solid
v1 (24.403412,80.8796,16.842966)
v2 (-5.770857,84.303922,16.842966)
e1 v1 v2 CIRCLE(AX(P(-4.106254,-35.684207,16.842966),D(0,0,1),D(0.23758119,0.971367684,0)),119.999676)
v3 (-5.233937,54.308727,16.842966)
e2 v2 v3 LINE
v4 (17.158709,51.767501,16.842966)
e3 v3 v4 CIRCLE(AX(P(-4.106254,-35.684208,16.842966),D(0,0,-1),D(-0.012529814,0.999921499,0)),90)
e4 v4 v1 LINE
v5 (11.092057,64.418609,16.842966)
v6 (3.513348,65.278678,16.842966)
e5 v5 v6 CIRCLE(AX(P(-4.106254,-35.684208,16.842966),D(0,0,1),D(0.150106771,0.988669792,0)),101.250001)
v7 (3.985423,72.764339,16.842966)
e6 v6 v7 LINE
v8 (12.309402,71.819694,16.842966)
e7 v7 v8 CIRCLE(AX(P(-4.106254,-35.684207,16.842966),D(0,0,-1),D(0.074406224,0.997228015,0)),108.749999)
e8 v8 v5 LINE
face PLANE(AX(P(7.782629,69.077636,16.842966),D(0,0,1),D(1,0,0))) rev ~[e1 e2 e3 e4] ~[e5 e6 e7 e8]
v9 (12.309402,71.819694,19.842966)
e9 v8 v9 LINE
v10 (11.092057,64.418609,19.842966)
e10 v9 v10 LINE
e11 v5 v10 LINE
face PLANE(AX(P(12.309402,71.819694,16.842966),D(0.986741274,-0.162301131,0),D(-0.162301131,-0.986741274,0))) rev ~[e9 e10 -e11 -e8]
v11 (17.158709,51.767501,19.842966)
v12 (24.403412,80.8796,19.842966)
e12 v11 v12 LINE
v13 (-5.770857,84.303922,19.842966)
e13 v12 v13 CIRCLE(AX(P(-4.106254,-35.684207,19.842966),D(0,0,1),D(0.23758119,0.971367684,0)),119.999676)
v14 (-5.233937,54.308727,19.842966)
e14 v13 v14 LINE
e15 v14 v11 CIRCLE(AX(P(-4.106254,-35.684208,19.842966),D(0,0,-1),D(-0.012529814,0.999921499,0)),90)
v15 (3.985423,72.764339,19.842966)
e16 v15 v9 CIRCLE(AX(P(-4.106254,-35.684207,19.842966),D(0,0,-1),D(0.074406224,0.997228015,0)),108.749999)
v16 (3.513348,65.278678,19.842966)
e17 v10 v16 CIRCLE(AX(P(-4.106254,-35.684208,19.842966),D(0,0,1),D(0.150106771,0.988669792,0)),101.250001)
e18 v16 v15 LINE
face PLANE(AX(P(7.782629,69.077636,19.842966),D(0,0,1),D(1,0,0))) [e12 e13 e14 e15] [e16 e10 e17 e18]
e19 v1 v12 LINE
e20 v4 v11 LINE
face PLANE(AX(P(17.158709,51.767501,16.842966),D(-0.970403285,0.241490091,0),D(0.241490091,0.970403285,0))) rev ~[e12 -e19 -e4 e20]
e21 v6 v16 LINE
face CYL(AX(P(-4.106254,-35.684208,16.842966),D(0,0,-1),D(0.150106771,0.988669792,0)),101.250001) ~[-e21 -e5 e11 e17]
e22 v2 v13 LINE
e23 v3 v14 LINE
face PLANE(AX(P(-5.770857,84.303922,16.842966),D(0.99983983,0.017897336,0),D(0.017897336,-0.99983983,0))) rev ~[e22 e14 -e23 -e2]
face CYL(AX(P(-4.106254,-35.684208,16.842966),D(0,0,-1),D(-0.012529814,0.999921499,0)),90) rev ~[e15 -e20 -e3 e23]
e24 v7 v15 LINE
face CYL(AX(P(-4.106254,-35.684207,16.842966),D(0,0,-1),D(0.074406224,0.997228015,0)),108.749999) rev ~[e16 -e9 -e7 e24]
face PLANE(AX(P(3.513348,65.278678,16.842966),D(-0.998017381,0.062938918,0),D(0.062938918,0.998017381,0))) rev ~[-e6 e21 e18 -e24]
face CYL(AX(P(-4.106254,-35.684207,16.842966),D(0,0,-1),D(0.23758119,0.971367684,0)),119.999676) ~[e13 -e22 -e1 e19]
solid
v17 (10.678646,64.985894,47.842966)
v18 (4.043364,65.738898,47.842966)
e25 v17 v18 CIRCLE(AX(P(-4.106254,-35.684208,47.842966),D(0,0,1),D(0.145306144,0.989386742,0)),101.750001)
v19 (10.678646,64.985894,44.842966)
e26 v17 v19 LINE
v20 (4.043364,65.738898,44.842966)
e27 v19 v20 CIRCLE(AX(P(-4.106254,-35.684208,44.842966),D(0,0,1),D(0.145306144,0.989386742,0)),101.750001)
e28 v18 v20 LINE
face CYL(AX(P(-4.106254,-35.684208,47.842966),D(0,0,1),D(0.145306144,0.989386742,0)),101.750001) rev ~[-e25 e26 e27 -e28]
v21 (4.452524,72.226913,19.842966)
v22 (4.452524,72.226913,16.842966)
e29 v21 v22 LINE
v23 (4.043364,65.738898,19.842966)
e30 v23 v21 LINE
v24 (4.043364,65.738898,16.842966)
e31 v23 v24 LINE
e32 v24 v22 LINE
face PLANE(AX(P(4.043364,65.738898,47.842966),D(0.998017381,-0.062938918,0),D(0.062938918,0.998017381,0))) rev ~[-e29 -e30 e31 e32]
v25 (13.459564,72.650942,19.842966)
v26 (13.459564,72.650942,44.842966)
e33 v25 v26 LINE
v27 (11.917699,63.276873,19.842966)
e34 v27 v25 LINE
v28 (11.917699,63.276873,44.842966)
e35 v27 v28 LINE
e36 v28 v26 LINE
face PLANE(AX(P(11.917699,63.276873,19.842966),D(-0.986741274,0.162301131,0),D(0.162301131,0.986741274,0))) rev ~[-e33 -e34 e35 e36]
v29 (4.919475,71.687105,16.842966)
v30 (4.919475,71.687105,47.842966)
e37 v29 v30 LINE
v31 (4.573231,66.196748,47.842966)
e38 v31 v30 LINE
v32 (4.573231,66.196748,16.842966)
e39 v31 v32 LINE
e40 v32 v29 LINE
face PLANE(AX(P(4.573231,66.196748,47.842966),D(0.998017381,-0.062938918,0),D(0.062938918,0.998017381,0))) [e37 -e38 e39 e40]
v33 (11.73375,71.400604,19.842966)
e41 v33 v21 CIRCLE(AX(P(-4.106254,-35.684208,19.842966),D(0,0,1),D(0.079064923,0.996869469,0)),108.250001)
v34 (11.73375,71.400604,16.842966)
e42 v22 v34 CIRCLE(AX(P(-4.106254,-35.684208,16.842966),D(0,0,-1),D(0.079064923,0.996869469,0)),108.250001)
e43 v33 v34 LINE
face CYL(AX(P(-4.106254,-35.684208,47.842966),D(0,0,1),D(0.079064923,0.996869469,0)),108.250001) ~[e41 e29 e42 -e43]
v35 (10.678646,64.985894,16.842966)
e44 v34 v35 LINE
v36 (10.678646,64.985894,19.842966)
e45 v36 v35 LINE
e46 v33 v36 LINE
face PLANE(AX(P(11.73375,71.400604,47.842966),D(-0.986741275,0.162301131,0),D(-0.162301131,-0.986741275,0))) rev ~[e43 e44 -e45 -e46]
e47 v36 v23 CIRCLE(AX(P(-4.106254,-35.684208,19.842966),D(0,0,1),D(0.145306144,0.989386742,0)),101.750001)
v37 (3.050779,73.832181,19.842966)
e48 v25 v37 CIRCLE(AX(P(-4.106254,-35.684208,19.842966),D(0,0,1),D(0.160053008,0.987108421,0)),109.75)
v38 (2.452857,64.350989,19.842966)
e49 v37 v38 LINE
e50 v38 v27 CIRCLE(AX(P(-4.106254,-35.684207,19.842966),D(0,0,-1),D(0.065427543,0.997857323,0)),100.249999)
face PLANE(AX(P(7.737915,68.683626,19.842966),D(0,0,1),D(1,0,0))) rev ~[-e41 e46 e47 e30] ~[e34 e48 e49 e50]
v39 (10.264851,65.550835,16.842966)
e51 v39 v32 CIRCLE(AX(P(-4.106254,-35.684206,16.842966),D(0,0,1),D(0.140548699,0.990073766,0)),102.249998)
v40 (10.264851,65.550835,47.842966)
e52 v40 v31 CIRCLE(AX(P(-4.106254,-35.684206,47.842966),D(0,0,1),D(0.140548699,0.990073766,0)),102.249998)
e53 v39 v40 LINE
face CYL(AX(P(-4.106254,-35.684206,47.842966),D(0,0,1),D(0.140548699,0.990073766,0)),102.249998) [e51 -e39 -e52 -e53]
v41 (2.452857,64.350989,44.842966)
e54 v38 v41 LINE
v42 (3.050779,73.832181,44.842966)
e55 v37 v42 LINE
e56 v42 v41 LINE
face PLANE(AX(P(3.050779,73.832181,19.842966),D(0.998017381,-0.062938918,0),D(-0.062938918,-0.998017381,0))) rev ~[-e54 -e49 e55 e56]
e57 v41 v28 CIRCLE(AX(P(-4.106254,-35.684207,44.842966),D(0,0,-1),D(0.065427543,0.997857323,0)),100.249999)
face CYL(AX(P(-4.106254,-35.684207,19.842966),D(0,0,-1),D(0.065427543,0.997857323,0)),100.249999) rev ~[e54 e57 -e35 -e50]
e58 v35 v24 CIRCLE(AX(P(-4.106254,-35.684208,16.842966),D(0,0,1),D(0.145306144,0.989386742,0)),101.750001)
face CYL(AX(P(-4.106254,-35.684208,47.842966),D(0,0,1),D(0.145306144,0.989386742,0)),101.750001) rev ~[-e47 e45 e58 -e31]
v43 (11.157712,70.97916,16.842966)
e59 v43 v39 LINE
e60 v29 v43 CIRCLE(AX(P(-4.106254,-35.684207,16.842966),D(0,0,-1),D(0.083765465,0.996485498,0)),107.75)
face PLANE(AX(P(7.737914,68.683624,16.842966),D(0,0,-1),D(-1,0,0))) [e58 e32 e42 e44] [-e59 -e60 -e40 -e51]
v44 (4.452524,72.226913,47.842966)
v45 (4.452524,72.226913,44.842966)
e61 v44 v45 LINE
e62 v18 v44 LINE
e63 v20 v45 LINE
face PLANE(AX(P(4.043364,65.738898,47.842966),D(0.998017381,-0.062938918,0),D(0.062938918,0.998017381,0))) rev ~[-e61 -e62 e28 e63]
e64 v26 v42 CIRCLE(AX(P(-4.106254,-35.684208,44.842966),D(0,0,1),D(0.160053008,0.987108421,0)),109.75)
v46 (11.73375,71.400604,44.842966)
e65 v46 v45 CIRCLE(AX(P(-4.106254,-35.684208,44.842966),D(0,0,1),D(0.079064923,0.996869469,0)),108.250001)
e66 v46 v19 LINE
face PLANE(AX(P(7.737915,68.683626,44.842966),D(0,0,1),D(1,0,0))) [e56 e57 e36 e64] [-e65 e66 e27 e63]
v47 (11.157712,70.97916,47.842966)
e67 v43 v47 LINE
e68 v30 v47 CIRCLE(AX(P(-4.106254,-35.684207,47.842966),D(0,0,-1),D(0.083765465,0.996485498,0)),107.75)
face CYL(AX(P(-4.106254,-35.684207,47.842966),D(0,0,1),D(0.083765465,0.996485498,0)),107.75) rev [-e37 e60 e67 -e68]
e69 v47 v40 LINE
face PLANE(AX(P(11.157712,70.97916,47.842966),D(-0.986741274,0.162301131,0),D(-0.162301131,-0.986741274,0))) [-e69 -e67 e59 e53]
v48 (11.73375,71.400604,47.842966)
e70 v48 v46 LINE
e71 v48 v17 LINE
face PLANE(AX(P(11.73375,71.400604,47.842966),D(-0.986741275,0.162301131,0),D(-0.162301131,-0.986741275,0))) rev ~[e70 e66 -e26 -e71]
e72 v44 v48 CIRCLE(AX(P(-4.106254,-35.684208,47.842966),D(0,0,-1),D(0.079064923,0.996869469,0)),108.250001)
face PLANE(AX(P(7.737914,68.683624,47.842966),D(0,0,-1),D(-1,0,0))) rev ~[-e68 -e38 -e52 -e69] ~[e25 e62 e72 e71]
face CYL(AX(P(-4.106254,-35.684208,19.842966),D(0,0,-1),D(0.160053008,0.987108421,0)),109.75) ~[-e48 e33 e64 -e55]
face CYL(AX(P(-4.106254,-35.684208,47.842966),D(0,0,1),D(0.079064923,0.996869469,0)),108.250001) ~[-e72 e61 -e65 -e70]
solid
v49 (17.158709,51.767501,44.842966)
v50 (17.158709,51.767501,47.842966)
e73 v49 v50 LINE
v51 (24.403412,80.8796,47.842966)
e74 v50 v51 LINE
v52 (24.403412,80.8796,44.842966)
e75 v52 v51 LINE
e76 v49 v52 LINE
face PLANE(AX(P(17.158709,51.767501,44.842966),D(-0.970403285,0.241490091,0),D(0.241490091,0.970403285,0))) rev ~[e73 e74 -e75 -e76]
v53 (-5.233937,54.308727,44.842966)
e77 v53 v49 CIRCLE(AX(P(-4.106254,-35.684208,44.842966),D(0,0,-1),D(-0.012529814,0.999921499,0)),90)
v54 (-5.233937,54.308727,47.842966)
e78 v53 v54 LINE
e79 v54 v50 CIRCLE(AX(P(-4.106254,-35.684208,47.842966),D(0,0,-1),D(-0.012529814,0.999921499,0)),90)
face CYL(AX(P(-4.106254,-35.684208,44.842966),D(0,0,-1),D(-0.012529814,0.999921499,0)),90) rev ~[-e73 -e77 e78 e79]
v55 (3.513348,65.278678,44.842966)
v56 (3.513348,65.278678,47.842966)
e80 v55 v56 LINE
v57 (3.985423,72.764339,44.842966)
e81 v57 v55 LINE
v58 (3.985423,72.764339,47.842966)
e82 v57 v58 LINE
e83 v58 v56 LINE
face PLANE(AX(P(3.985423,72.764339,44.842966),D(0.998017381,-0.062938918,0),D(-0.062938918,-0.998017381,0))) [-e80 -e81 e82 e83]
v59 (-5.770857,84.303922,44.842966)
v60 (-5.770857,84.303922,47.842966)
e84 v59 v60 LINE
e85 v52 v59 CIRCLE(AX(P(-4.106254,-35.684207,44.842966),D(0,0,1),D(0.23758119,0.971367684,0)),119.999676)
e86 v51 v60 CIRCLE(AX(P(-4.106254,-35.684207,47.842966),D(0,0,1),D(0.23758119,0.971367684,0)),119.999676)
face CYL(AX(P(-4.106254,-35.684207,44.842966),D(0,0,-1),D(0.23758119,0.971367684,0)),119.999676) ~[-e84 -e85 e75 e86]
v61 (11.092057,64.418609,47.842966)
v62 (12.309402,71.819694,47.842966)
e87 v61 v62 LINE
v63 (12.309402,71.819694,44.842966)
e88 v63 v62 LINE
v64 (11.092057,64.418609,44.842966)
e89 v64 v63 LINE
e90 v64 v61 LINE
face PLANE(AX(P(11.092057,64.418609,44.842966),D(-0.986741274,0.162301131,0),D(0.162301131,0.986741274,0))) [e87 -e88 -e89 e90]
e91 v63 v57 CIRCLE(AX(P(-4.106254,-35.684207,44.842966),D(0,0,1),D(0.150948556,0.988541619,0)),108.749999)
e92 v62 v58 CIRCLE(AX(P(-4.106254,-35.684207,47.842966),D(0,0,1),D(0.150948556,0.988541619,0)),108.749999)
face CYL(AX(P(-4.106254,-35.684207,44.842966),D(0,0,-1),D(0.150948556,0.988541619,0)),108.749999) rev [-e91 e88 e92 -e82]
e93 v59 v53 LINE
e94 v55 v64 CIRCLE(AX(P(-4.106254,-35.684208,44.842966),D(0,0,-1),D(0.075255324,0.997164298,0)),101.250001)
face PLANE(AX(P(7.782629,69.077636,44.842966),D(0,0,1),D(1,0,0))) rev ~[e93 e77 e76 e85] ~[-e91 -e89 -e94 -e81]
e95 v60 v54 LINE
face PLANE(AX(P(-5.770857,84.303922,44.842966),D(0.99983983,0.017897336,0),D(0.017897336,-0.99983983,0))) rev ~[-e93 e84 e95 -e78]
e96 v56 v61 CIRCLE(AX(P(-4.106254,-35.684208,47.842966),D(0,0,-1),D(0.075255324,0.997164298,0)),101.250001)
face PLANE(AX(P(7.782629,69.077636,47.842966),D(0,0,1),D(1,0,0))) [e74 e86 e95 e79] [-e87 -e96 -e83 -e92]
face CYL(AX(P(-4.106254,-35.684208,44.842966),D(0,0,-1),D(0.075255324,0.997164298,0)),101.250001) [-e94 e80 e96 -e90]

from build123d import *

# Parameters (mm, degrees)
BOSS_EXTRUDE1_START      = 0.1
BOSS_EXTRUDE1_DEPTH      = 3
EXTRUDE_THIN1_DEPTH      = 25
BOSS_EXTRUDE2_DEPTH      = 3
BOSS_EXTRUDE3_DEPTH      = 25
BOSS_EXTRUDE4_DEPTH      = 3
BOSS_EXTRUDE4_DEPTH_BACK = 28


with BuildPart() as part:
    # Sketch1 → Boss-Extrude1 (new body)
    with BuildSketch(Plane.XY.offset(16.7429656).offset(BOSS_EXTRUDE1_START)):
        with BuildLine():
            Line((-5.770857241, 84.303922359), (-5.233937167, 54.308727464))
            ThreePointArc((-5.233937167, 54.308727464), (6.042241893, 53.741784506), (17.158709141, 51.767501232))
            Line((17.158709141, 51.767501232), (24.403411874, 80.879599787))
            ThreePointArc((24.403411874, 80.879599787), (9.425037263, 83.550126361), (-5.770857241, 84.303922359))
        make_face()
        with BuildLine():
            Line((12.309401555, 71.819693694), (11.092056694, 64.418608994))
            ThreePointArc((11.092056694, 64.418608994), (7.310803865, 64.920033498), (3.513347634, 65.278677697))
            Line((3.513347634, 65.278677697), (3.985423015, 72.764339196))
            ThreePointArc((3.985423015, 72.764339196), (8.156511847, 72.372199493), (12.309401555, 71.819693694))
        make_face(mode=Mode.SUBTRACT)
    extrude(amount=BOSS_EXTRUDE1_DEPTH)


with BuildPart() as body_2:
    # Sketch2 → Extrude-Thin1 (new body)
    with BuildSketch(Plane.XY.offset(19.8429656)):
        with BuildLine():
            Line((3.050778794, 73.832181223), (2.452857374, 64.350989175))
            ThreePointArc((2.452857374, 64.350989175), (7.198042801, 63.926411366), (11.917698616, 63.276873034))
            Line((11.917698616, 63.276873034), (13.459563743, 72.650941767))
            ThreePointArc((13.459563743, 72.650941767), (8.269272911, 73.365821625), (3.050778794, 73.832181223))
        make_face()
        with BuildLine():
            Line((3.985423015, 72.764339196), (3.513347634, 65.278677697))
            ThreePointArc((3.513347634, 65.278677697), (7.310803865, 64.920033498), (11.092056694, 64.418608994))
            Line((11.092056694, 64.418608994), (12.309401555, 71.819693694))
            ThreePointArc((12.309401555, 71.819693694), (8.156511847, 72.372199493), (3.985423015, 72.764339196))
        make_face(mode=Mode.SUBTRACT)
    extrude(amount=EXTRUDE_THIN1_DEPTH)

    # Sketch4 → Boss-Extrude3 (add)
    with BuildSketch(Plane(origin=(0, 0, 19.8429656), x_dir=(-1, 0, 0), z_dir=(0, 0, -1))):
        with BuildLine():
            Line((-3.985423015, 72.764339196), (-3.513347634, 65.278677697))
            ThreePointArc((-3.513347634, 65.278677697), (-7.310803865, 64.920033498), (-11.092056694, 64.418608994))
            Line((-11.092056694, 64.418608994), (-12.309401555, 71.819693694))
            ThreePointArc((-12.309401555, 71.819693694), (-8.156511847, 72.372199493), (-3.985423015, 72.764339196))
        make_face()
        with BuildLine():
            Line((-4.573231318, 66.196747792), (-4.919474926, 71.687104939))
            ThreePointArc((-4.919474926, 71.687104939), (-8.043750783, 71.37857736), (-11.15771197, 70.979159509))
            Line((-11.15771197, 70.979159509), (-10.26485059, 65.550835201))
            ThreePointArc((-10.26485059, 65.550835201), (-7.42356493, 65.913655631), (-4.573231318, 66.196747792))
        make_face(mode=Mode.SUBTRACT)
    extrude(amount=-BOSS_EXTRUDE3_DEPTH)

    # Sketch5 → Boss-Extrude4 (add, two sides: drawn at the far end of the back side and taken through both)
    with BuildSketch(Plane(origin=(0, 0, 19.8429656), x_dir=(-1, 0, 0), z_dir=(0, 0, -1)).offset(-BOSS_EXTRUDE4_DEPTH_BACK)):
        with BuildLine():
            Line((-4.043364195, 65.738897559), (-4.452524049, 72.226912575))
            ThreePointArc((-4.452524049, 72.226912575), (-8.100131315, 71.875388426), (-11.733750367, 71.400603658))
            Line((-11.733750367, 71.400603658), (-10.678646321, 64.985893525))
            ThreePointArc((-10.678646321, 64.985893525), (-7.367184398, 65.416844564), (-4.043364195, 65.738897559))
        make_face()
        with BuildLine():
            Line((-4.573231318, 66.196747792), (-4.919474926, 71.687104939))
            ThreePointArc((-4.919474926, 71.687104939), (-8.043750783, 71.37857736), (-11.15771197, 70.979159509))
            Line((-11.15771197, 70.979159509), (-10.26485059, 65.550835201))
            ThreePointArc((-10.26485059, 65.550835201), (-7.42356493, 65.913655631), (-4.573231318, 66.196747792))
        make_face(mode=Mode.SUBTRACT)
    extrude(amount=BOSS_EXTRUDE4_DEPTH + BOSS_EXTRUDE4_DEPTH_BACK)


with BuildPart() as body_3:
    # Sketch3 → Boss-Extrude2 (new body)
    with BuildSketch(Plane.XY.offset(44.8429656)):
        with BuildLine():
            Line((-5.770857241, 84.303922359), (-5.233937167, 54.308727464))
            ThreePointArc((-5.233937167, 54.308727464), (6.042241893, 53.741784506), (17.158709141, 51.767501232))
            Line((17.158709141, 51.767501232), (24.403411874, 80.879599787))
            ThreePointArc((24.403411874, 80.879599787), (9.425037263, 83.550126361), (-5.770857241, 84.303922359))
        make_face()
        with BuildLine():
            Line((11.092056694, 64.418608994), (12.309401555, 71.819693694))
            ThreePointArc((12.309401555, 71.819693694), (8.156511847, 72.372199493), (3.985423015, 72.764339196))
            Line((3.985423015, 72.764339196), (3.513347634, 65.278677697))
            ThreePointArc((3.513347634, 65.278677697), (7.310803865, 64.920033498), (11.092056694, 64.418608994))
        make_face(mode=Mode.SUBTRACT)
    extrude(amount=BOSS_EXTRUDE2_DEPTH)


solid = Compound([part.part, body_2.part, body_3.part])
